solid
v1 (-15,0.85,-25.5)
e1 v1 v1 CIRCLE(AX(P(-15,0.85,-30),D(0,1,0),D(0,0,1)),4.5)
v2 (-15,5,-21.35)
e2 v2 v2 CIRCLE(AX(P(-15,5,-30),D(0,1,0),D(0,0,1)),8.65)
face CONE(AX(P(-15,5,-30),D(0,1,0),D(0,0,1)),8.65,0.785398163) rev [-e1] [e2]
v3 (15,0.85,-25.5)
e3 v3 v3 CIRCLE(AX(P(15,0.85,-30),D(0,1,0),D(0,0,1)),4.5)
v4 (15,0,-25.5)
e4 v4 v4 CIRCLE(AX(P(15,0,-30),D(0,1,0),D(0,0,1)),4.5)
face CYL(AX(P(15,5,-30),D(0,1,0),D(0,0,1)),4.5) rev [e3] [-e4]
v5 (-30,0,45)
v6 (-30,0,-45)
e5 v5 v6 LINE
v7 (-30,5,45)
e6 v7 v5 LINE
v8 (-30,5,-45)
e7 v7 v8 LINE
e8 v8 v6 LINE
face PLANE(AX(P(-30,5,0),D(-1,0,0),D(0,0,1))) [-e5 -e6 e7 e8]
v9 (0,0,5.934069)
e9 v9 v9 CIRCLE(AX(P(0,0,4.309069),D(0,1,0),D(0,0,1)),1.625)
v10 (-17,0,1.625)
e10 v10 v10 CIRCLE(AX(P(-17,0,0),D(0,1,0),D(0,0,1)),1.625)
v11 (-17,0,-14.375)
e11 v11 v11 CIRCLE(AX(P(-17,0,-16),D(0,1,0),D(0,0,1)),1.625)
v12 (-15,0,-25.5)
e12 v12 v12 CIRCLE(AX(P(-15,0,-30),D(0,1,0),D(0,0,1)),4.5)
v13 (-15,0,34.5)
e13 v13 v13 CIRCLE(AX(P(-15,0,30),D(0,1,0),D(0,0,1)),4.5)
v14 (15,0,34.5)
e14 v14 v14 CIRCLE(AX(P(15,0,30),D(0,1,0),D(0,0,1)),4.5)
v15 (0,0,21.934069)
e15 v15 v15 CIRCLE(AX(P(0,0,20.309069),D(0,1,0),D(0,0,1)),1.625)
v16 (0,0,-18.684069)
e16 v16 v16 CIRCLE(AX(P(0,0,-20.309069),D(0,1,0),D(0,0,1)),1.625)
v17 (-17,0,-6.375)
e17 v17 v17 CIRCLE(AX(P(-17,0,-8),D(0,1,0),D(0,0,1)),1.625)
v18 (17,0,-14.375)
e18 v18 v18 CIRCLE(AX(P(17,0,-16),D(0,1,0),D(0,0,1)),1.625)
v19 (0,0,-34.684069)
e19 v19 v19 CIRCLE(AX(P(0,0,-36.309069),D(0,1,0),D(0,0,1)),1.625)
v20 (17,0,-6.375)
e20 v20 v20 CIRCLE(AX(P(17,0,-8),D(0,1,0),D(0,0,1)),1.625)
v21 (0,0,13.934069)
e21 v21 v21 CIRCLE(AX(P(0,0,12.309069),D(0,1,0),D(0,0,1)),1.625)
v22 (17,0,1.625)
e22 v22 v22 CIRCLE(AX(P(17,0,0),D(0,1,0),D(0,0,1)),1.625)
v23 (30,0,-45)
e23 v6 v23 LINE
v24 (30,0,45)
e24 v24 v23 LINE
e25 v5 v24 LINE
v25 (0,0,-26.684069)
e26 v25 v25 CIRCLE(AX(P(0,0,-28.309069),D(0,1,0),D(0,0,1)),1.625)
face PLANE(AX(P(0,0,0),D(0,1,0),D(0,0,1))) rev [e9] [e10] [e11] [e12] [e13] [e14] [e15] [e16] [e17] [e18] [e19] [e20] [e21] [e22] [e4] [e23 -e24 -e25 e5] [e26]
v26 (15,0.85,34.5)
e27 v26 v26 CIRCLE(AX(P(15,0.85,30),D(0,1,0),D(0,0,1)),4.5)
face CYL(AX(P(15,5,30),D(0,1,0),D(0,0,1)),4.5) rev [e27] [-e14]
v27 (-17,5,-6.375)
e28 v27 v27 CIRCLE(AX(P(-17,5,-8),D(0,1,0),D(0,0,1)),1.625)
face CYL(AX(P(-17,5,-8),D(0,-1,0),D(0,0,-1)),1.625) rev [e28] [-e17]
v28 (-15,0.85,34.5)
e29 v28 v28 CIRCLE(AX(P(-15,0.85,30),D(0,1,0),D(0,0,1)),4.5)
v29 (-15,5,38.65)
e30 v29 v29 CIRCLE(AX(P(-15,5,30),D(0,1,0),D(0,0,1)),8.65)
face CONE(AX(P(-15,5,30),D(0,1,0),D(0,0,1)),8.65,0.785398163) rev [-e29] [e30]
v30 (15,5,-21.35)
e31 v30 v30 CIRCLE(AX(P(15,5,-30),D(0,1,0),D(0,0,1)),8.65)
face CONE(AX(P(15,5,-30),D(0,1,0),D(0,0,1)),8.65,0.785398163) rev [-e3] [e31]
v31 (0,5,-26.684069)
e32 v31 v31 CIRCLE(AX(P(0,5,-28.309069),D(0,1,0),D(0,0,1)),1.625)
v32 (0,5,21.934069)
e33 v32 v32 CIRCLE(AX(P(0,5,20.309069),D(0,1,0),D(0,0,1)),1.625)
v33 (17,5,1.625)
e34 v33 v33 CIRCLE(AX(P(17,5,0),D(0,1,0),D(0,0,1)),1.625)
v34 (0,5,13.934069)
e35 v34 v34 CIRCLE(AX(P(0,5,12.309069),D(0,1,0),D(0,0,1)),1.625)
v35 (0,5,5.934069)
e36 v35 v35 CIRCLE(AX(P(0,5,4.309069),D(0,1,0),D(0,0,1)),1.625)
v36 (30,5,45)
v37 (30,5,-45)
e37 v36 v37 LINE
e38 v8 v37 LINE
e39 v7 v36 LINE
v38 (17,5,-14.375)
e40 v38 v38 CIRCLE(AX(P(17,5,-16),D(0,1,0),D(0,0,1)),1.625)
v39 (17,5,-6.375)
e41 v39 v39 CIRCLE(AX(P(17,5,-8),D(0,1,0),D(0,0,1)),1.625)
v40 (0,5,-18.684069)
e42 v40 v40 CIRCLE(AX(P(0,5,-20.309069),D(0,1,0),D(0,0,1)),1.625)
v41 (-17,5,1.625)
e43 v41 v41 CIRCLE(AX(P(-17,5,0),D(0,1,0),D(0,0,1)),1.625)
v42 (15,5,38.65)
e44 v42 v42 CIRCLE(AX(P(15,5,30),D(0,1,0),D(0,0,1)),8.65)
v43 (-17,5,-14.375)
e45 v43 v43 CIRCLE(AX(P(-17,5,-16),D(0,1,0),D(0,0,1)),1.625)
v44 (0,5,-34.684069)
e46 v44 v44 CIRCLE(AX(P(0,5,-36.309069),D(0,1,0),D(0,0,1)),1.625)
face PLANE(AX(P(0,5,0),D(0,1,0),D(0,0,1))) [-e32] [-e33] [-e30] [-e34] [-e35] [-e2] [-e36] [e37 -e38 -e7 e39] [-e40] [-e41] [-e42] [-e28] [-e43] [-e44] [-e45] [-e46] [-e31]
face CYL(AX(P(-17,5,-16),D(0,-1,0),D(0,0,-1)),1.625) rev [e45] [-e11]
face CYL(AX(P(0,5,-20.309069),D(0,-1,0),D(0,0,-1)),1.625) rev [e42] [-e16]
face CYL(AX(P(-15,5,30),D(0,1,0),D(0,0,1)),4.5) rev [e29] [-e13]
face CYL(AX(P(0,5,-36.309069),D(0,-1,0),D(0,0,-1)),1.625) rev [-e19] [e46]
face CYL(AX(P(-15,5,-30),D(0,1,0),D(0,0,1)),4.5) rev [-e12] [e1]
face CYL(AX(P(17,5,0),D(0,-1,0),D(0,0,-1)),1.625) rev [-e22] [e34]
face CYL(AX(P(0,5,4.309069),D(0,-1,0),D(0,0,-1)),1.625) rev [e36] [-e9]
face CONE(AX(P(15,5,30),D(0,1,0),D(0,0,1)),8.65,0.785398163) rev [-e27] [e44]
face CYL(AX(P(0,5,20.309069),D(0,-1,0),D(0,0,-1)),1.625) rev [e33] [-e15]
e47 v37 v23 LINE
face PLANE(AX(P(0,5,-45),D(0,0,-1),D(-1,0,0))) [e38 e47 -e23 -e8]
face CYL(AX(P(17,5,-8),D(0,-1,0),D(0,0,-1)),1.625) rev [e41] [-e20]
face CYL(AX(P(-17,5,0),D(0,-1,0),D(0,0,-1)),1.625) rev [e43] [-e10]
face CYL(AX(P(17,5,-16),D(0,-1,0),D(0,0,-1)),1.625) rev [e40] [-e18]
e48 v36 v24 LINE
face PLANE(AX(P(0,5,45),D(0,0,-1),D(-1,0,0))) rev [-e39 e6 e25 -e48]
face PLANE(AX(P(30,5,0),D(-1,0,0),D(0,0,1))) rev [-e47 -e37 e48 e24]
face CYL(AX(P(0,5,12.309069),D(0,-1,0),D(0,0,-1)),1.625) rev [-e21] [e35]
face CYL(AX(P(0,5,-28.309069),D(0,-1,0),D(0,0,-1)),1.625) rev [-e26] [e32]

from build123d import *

# Parameters (mm, degrees)
SKETCH2_W                                    = 60
SKETCH2_H                                    = 90
SKETCH2_R                                    = 1.625
BOSS_EXTRUDE1_DEPTH                          = 5
SKETCH3_R                                    = 3.375
CUT_EXTRUDE1_DEPTH                           = 5
CSK_FOR_M8_COUNTERSUNK_FLAT_HEAD_SCR_2_COUNT = 2
CSK_FOR_M8_COUNTERSUNK_FLAT_HEAD_SCR_2_PITCH = 30
CSK_FOR_M8_COUNTERSUNK_FLAT_HEAD_SCR_3_COUNT = 2
CSK_FOR_M8_COUNTERSUNK_FLAT_HEAD_SCR_3_PITCH = 60
CSK_FOR_M8_COUNTERSUNK_FLAT_HEAD_SCR_4_COUNT = 2
CSK_FOR_M8_COUNTERSUNK_FLAT_HEAD_SCR_4_PITCH = 67.082039325


with BuildPart() as part:
    # Sketch2 → Boss-Extrude1 (new body)
    with BuildSketch(Plane(origin=(0, 0, 0), x_dir=(1, 0, 0), z_dir=(0, 1, 0))):
        Rectangle(SKETCH2_W, SKETCH2_H)
        with Locations((0, 20.309068759)):
            Circle(SKETCH2_R, mode=Mode.SUBTRACT)
        with Locations((0, -20.309068759)):
            Circle(SKETCH2_R, mode=Mode.SUBTRACT)
        with Locations((17, 0)):
            Circle(SKETCH2_R, mode=Mode.SUBTRACT)
        with Locations((-17, 0)):
            Circle(SKETCH2_R, mode=Mode.SUBTRACT)
        with Locations((0, 28.309068759)):
            Circle(SKETCH2_R, mode=Mode.SUBTRACT)
        with Locations((17, 8)):
            Circle(SKETCH2_R, mode=Mode.SUBTRACT)
        with Locations((-17, 8)):
            Circle(SKETCH2_R, mode=Mode.SUBTRACT)
        with Locations((0, -12.309068759)):
            Circle(SKETCH2_R, mode=Mode.SUBTRACT)
        with Locations((0, 36.309068759)):
            Circle(SKETCH2_R, mode=Mode.SUBTRACT)
        with Locations((17, 16)):
            Circle(SKETCH2_R, mode=Mode.SUBTRACT)
        with Locations((-17, 16)):
            Circle(SKETCH2_R, mode=Mode.SUBTRACT)
        with Locations((0, -4.309068759)):
            Circle(SKETCH2_R, mode=Mode.SUBTRACT)
    extrude(amount=BOSS_EXTRUDE1_DEPTH)

    # Sketch3 → Cut-Extrude1 (cut)
    with BuildSketch(Plane(origin=(0, 5, 0), x_dir=(1, 0, 0), z_dir=(0, 1, 0))):
        with Locations((-15, 30)):
            Circle(SKETCH3_R)
        with Locations((15, 30)):
            Circle(SKETCH3_R)
        with Locations((15, -30)):
            Circle(SKETCH3_R)
        with Locations((-15, -30)):
            Circle(SKETCH3_R)
    extrude(amount=-CUT_EXTRUDE1_DEPTH, mode=Mode.SUBTRACT)

    # Sketch4 → CSK for M8 Countersunk Flat Head Screw1 (revolve, cut)
    with BuildSketch(Plane(origin=(-15, 5, 30), x_dir=(0, 0, 1), z_dir=(1, 0, 0))):
        Polygon((0, 0), (0, 5), (4.5, 5), (4.5, 4.15), (8.65, 0), align=None)
    csk_for_m8_countersunk_flat_head_screw1 = revolve(axis=Axis((-15, 11.35, 30), (0, -1, 0)), mode=Mode.SUBTRACT)

    # CSK for M8 Countersunk Flat Head Scr 2: CSK for M8 Countersunk Flat Head Screw1 ×2
    with Locations(*[(i * CSK_FOR_M8_COUNTERSUNK_FLAT_HEAD_SCR_2_PITCH, 0, 0) for i in range(1, CSK_FOR_M8_COUNTERSUNK_FLAT_HEAD_SCR_2_COUNT)]):
        add(csk_for_m8_countersunk_flat_head_screw1, mode=Mode.SUBTRACT)

    # CSK for M8 Countersunk Flat Head Scr 3: CSK for M8 Countersunk Flat Head Screw1 ×2
    with Locations(*[(0, 0, -i * CSK_FOR_M8_COUNTERSUNK_FLAT_HEAD_SCR_3_PITCH) for i in range(1, CSK_FOR_M8_COUNTERSUNK_FLAT_HEAD_SCR_3_COUNT)]):
        add(csk_for_m8_countersunk_flat_head_screw1, mode=Mode.SUBTRACT)

    # CSK for M8 Countersunk Flat Head Scr 4: CSK for M8 Countersunk Flat Head Screw1 ×2
    with Locations(*[Vector(0.447213595, 0, -0.894427191) * (i * CSK_FOR_M8_COUNTERSUNK_FLAT_HEAD_SCR_4_PITCH) for i in range(1, CSK_FOR_M8_COUNTERSUNK_FLAT_HEAD_SCR_4_COUNT)]):
        add(csk_for_m8_countersunk_flat_head_screw1, mode=Mode.SUBTRACT)


solid = part.part
